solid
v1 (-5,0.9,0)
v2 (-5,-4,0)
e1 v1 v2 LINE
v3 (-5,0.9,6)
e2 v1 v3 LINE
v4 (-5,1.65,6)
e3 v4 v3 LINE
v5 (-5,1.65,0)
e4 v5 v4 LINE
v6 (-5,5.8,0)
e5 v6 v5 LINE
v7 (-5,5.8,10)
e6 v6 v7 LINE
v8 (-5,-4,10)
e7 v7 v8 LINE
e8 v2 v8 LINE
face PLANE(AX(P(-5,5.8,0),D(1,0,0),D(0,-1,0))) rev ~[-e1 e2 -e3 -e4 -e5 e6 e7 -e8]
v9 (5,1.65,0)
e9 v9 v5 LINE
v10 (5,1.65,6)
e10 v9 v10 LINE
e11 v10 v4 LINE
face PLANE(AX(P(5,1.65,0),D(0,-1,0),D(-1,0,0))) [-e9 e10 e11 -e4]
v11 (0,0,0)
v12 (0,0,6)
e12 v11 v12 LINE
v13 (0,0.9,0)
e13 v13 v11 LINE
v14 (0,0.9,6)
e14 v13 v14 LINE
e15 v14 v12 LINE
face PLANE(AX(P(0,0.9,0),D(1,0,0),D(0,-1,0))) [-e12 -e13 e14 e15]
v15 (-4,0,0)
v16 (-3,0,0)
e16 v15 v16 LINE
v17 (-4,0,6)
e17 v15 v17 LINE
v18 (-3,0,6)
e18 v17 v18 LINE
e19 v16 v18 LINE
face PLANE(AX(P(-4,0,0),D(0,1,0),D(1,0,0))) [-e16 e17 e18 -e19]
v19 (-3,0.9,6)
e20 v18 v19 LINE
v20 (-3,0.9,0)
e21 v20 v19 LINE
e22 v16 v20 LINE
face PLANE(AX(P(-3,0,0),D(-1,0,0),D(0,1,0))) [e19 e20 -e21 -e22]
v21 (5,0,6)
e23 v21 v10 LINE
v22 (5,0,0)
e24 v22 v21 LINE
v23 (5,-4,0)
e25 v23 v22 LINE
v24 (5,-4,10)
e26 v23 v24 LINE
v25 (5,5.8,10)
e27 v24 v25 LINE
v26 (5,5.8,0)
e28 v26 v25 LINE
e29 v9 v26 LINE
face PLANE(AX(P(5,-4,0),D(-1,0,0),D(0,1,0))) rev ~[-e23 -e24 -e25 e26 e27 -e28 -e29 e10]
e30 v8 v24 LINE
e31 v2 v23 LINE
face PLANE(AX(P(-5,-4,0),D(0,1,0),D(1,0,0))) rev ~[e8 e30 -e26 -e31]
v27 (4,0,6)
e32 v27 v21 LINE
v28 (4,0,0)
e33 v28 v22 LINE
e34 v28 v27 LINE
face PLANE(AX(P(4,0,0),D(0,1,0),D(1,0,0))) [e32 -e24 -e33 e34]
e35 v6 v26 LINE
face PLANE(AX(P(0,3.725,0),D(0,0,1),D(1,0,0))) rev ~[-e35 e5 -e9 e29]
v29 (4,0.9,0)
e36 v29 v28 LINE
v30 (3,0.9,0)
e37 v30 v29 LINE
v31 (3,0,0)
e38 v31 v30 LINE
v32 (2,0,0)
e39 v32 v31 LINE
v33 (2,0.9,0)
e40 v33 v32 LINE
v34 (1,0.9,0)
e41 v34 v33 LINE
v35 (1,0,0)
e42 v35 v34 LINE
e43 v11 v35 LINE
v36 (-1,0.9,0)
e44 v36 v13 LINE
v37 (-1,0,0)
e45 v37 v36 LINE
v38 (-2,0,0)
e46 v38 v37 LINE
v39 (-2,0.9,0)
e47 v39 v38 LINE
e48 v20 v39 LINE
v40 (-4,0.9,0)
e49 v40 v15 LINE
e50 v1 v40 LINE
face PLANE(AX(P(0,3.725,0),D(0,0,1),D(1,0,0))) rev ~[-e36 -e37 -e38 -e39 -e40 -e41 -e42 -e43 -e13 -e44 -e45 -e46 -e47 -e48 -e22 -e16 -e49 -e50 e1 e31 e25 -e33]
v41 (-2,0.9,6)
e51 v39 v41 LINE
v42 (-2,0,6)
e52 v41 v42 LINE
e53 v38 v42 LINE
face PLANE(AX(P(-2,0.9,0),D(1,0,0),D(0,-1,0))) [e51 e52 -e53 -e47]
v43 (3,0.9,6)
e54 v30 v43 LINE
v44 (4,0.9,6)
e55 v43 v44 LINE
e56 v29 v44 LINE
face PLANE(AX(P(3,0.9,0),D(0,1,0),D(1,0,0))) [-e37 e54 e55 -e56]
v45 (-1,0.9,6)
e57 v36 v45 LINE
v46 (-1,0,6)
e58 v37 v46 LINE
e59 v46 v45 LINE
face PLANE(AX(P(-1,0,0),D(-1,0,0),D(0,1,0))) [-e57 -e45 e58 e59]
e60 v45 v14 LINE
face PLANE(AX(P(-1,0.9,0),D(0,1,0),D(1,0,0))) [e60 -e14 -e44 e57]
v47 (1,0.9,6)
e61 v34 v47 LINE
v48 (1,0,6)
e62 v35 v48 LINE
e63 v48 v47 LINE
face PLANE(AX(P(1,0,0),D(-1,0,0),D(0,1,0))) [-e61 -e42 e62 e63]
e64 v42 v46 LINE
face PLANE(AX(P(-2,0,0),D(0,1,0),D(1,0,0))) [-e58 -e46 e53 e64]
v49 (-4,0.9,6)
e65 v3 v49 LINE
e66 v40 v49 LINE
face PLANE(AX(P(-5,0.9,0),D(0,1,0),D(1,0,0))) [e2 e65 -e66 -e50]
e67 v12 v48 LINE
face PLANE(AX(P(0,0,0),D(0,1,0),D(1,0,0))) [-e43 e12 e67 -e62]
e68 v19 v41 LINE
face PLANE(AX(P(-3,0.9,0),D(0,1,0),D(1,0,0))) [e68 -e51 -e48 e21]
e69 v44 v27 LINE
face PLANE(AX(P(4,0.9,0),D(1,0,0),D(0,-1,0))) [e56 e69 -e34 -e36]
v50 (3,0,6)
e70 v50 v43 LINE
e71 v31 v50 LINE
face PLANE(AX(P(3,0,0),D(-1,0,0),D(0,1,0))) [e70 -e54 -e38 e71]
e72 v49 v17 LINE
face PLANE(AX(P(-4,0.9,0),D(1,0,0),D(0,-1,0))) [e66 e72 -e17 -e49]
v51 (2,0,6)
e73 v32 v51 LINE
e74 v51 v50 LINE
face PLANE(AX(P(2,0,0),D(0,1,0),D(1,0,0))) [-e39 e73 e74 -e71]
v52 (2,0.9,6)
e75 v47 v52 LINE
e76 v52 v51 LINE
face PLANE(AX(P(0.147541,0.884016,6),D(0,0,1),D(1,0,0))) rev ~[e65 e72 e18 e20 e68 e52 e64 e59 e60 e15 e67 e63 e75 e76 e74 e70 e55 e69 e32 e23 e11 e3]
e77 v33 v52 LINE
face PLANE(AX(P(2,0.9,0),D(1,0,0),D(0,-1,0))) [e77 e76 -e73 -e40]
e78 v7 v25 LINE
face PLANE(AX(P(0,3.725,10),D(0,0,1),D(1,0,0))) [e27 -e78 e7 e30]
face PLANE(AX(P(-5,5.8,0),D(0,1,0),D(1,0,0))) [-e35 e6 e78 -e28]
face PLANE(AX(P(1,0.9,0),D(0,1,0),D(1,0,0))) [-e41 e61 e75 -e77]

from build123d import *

# Parameters (mm, degrees)
F0_W     = 10
F0_H     = 4.15
F1_DEPTH = 10
F2_DEPTH = 6


with BuildPart() as f1:
    # F0 (on Top) → F1 (new body)
    with BuildSketch(Plane.XY):
        with Locations((0, 3.725)):
            Rectangle(F0_W, F0_H)
        Polygon((5, 1.65), (-5, 1.65), (-5, 0.9), (-4, 0.9), (-4, 0), (-3, 0), (-3, 0.9), (-2, 0.9), (-2, 0), (-1, 0), (-1, 0.9), (0, 0.9), (0, 0), (1, 0), (1, 0.9), (2, 0.9), (2, 0), (3, 0), (3, 0.9), (4, 0.9), (4, 0), (5, 0), align=None)
        Polygon((-4, 0.9), (-5, 0.9), (-5, -4), (5, -4), (5, 0), (4, 0), (4, 0.9), (3, 0.9), (3, 0), (2, 0), (2, 0.9), (1, 0.9), (1, 0), (0, 0), (0, 0.9), (-1, 0.9), (-1, 0), (-2, 0), (-2, 0.9), (-3, 0.9), (-3, 0), (-4, 0), align=None)
    extrude(amount=F1_DEPTH)

    # F0 (on Top) → F2 (cut)
    with BuildSketch(Plane.XY):
        Polygon((5, 1.65), (-5, 1.65), (-5, 0.9), (-4, 0.9), (-4, 0), (-3, 0), (-3, 0.9), (-2, 0.9), (-2, 0), (-1, 0), (-1, 0.9), (0, 0.9), (0, 0), (1, 0), (1, 0.9), (2, 0.9), (2, 0), (3, 0), (3, 0.9), (4, 0.9), (4, 0), (5, 0), align=None)
    extrude(amount=F2_DEPTH, mode=Mode.SUBTRACT)


solid = f1.part
